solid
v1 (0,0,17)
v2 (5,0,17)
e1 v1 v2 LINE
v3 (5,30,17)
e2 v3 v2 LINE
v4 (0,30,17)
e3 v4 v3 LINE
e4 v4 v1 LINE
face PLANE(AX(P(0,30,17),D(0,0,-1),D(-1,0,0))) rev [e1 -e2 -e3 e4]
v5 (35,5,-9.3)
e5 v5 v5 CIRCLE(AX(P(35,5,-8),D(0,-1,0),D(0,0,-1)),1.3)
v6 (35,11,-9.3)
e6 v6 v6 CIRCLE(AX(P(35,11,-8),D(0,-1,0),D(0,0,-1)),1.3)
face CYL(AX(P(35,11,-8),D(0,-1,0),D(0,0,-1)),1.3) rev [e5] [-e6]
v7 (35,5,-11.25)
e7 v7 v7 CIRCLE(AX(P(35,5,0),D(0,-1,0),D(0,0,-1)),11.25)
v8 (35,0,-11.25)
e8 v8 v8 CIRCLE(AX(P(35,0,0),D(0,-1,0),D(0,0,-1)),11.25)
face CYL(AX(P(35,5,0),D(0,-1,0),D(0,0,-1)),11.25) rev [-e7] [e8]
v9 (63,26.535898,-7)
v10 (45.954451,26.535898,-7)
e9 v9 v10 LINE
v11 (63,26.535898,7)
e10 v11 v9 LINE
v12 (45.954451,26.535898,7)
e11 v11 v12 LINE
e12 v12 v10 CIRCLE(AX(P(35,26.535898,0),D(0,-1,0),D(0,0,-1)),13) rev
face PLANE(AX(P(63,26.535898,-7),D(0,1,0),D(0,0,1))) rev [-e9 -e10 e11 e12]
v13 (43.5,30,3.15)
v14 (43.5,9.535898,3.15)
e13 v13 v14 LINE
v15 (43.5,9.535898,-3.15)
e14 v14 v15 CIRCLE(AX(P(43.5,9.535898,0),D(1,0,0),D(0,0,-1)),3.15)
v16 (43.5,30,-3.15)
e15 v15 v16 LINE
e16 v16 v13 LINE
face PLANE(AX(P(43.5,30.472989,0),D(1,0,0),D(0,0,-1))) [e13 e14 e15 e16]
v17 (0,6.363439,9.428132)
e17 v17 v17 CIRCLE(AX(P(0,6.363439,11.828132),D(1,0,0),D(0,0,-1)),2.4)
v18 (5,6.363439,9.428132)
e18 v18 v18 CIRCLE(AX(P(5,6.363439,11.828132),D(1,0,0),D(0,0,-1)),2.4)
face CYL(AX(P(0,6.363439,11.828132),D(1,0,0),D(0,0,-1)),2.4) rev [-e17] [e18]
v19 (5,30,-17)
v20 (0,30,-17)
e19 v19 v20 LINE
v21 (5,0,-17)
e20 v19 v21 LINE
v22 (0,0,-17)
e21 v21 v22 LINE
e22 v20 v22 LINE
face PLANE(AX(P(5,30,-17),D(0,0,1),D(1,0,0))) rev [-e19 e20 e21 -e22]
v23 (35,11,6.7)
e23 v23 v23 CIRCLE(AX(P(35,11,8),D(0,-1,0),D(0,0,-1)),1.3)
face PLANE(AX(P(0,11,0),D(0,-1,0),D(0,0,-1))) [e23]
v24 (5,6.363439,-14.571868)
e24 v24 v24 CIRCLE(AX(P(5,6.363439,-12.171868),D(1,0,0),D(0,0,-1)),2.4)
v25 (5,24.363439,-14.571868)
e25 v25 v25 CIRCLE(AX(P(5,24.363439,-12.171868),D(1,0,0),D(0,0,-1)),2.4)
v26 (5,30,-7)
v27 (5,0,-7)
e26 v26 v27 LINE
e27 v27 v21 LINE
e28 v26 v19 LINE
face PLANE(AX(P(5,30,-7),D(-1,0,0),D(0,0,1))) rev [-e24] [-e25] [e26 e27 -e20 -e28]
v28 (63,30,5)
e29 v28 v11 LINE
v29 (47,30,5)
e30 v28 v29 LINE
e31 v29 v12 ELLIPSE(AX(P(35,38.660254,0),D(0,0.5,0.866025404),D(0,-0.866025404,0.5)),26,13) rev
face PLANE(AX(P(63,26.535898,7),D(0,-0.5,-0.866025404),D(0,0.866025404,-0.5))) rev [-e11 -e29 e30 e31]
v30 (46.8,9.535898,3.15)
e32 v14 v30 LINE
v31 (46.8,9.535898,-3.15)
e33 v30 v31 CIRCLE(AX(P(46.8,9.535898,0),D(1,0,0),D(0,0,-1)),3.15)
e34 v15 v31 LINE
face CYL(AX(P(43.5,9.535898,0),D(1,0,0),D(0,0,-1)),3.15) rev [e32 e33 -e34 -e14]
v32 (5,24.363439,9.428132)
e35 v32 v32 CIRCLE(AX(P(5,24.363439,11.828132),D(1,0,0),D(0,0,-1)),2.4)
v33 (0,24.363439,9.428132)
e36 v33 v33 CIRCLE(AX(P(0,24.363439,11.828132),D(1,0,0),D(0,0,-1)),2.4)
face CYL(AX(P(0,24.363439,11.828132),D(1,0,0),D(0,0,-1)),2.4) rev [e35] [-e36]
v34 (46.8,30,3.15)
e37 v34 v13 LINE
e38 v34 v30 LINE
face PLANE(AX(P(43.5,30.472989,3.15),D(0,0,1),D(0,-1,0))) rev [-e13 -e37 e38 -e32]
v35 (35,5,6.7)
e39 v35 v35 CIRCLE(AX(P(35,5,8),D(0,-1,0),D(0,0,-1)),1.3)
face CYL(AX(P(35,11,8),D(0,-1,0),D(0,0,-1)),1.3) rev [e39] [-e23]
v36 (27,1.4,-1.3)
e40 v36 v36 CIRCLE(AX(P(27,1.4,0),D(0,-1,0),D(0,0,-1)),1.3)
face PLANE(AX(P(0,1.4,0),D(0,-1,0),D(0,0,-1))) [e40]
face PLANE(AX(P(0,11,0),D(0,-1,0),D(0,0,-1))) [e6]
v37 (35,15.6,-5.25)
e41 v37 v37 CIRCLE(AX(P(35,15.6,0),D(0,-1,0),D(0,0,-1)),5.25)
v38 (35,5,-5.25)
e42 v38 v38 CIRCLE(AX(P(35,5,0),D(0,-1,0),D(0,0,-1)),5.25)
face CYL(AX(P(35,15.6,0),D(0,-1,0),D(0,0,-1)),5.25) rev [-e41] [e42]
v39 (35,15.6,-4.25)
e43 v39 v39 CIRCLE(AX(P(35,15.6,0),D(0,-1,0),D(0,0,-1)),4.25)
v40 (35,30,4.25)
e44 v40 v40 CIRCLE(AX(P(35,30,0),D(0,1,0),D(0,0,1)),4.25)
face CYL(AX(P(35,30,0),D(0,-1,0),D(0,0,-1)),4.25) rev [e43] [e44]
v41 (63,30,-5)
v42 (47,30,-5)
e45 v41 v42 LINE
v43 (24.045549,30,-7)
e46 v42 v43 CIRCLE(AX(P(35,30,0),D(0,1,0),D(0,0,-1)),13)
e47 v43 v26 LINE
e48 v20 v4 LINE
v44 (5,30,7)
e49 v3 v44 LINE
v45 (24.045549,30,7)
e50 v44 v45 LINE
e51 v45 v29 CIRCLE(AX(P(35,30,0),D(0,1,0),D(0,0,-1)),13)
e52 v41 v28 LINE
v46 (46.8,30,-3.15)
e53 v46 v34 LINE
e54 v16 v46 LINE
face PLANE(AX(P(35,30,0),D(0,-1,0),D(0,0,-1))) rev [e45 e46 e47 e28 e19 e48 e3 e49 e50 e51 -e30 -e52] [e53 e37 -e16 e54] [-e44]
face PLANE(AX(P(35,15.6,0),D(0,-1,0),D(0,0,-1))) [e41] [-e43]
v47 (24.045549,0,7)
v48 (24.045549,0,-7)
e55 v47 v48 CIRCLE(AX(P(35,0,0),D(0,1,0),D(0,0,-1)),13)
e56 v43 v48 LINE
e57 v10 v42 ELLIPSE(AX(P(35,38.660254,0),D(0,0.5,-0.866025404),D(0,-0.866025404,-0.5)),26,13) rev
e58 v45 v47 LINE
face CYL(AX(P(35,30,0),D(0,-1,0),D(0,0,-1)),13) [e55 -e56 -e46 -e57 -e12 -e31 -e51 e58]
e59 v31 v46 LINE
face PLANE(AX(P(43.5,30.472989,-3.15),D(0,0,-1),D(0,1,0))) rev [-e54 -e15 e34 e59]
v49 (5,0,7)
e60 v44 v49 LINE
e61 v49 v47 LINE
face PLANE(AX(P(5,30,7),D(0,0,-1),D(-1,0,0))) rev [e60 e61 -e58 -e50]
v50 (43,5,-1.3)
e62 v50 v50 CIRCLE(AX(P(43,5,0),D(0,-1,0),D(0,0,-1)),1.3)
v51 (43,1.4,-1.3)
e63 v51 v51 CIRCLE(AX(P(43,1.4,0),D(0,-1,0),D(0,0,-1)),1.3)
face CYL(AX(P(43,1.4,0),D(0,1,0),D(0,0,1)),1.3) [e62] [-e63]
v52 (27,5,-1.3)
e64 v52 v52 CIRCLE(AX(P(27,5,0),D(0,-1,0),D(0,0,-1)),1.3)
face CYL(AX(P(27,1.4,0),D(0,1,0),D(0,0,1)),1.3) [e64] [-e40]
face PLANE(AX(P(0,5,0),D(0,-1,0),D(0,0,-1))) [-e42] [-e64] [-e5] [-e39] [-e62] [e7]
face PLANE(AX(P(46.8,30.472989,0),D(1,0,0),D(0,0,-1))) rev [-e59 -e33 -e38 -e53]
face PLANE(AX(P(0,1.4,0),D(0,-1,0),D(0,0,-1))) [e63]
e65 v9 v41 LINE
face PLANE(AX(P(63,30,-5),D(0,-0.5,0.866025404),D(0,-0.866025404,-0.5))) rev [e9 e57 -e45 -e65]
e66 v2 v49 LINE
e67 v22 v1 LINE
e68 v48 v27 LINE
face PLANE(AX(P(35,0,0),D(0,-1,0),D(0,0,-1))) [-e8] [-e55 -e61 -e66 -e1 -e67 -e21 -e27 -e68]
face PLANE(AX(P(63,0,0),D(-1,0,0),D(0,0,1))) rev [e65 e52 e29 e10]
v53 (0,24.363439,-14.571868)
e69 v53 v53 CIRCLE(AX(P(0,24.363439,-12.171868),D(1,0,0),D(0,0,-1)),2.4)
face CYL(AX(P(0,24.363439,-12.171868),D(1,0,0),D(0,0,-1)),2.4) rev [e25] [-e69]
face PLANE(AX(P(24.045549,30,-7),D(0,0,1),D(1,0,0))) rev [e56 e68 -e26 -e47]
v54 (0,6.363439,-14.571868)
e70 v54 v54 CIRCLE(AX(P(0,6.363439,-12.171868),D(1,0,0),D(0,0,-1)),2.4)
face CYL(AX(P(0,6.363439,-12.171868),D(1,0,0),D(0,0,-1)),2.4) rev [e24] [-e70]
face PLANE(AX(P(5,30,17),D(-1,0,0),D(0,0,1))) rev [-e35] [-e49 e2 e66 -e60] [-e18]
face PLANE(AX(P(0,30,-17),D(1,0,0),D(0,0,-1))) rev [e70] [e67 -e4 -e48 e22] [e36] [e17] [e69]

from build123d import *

# Parameters (mm, degrees)
SKETCH2_R                            = 4.25
BOSS_EXTRUDE1_DEPTH                  = 30
SKETCH3_R                            = 11.25
SKETCH3_R_2                          = 5.25
SKETCH3_R_3                          = 4.25
CUT_EXTRUDE1_DEPTH                   = 5
CUT_EXTRUDE2_START                   = -5
SKETCH3_3_R                          = 5.25
SKETCH3_3_R_2                        = 4.25
CUT_EXTRUDE2_DEPTH                   = 10.6
SKETCH4_R                            = 2.4
CUT_EXTRUDE3_DEPTH                   = 56.118055118
SKETCH5_R                            = 1.3
CUT_EXTRUDE4_DEPTH                   = 6
SKETCH5_3_R                          = 1.3
BOSS_EXTRUDE2_DEPTH                  = 3.6
BOSS_EXTRUDE3_DEPTH                  = 15
BOSS_EXTRUDE3_DIRECTION_2_REACH      = 61.102
BOSS_EXTRUDE3_DIRECTION_2_END_RADIUS = 13
CUT_EXTRUDE5_START                   = -1.2
CUT_EXTRUDE5_DEPTH                   = 3.3


with BuildPart() as part:
    # Sketch2 → Boss-Extrude1 (new body)
    with BuildSketch(Plane(origin=(0, 0, 0), x_dir=(1, 0, 0), z_dir=(0, 1, 0))):
        with BuildLine():
            Line((0, 17), (0, -17))
            Line((0, -17), (5, -17))
            Line((5, -17), (5, -7))
            Line((5, -7), (24.04554885, -7))
            ThreePointArc((24.04554885, -7), (48, 0), (24.04554885, 7))
            Line((24.04554885, 7), (5, 7))
            Line((5, 7), (5, 17))
            Line((5, 17), (0, 17))
        make_face()
        with Locations(Location((35, 0, 0), (0, 0, 270))):
            Circle(SKETCH2_R, mode=Mode.SUBTRACT)
    extrude(amount=BOSS_EXTRUDE1_DEPTH)

    # Sketch3 → Cut-Extrude1 (cut)
    with BuildSketch(Plane.XZ):
        with Locations(Location((35, 0, 0), (0, 0, 270))):
            Circle(SKETCH3_R)
        with Locations((35, 0)):
            Circle(SKETCH3_R_2, mode=Mode.SUBTRACT)
        with Locations((35, 0)):
            Circle(SKETCH3_R_2)
        with Locations(Location((35, 0, 0), (0, 0, 270))):
            Circle(SKETCH3_R_3, mode=Mode.SUBTRACT)
    extrude(amount=-CUT_EXTRUDE1_DEPTH, mode=Mode.SUBTRACT)

    # Sketch3<3> → Cut-Extrude2 (cut)
    with BuildSketch(Plane.XZ.offset(CUT_EXTRUDE2_START)):
        with Locations(Location((35, 0, 0), (0, 0, 270))):
            Circle(SKETCH3_3_R)
        with Locations(Location((35, 0, 0), (0, 0, 270))):
            Circle(SKETCH3_3_R_2, mode=Mode.SUBTRACT)
    extrude(amount=-CUT_EXTRUDE2_DEPTH, mode=Mode.SUBTRACT)

    # Sketch4 → Cut-Extrude3 (cut, through all)
    with BuildSketch(Plane(origin=(5, 0, 0), x_dir=(0, 0, -1), z_dir=(1, 0, 0))):
        with Locations((12.17186788, 24.363439063)):
            Circle(SKETCH4_R)
        with Locations((12.17186788, 6.363439063)):
            Circle(SKETCH4_R)
        with Locations((-11.82813212, 6.363439063)):
            Circle(SKETCH4_R)
        with Locations((-11.82813212, 24.363439063)):
            Circle(SKETCH4_R)
    extrude(amount=-CUT_EXTRUDE3_DEPTH, mode=Mode.SUBTRACT)

    # Sketch5 → Cut-Extrude4 (cut)
    with BuildSketch(Plane.XZ.offset(-5)):
        with Locations(Location((35, 8, 0), (0, 0, 270))):
            Circle(SKETCH5_R)
        with Locations(Location((35, -8, 0), (0, 0, 270))):
            Circle(SKETCH5_R)
    extrude(amount=-CUT_EXTRUDE4_DEPTH, mode=Mode.SUBTRACT)

    # Sketch5<3> → Boss-Extrude2 (add)
    with BuildSketch(Plane.XZ.offset(-5)):
        with Locations(Location((27, 0, 0), (0, 0, 270))):
            Circle(SKETCH5_3_R)
        with Locations(Location((43, 0, 0), (0, 0, 270))):
            Circle(SKETCH5_3_R)
    extrude(amount=BOSS_EXTRUDE2_DEPTH)


with BuildPart() as boss_extrude3_tool:
    # Sketch7 → Boss-Extrude3 (new body)
    with BuildSketch(Plane(origin=(48, 0, 0), x_dir=(0, 0, -1), z_dir=(1, 0, 0))):
        Polygon((-5, 30), (5, 30), (7, 26.535898385), (-7, 26.535898385), align=None)
    extrude(amount=BOSS_EXTRUDE3_DEPTH)


with BuildPart() as part_1:
    add(part.part)


with BuildPart() as part_2:
    # Boss-Extrude3: joined with boss_extrude3_tool
    add(part_1.part.fuse(boss_extrude3_tool.part, tol=0.00001))

    # Boss-Extrude3 direction 2: up to this cylinder (the profile starts outside it)
    boss_extrude3_direction_2_end = Plane(origin=(35, 28.171724, 0), z_dir=(0, -1, 0)) * Cylinder(BOSS_EXTRUDE3_DIRECTION_2_END_RADIUS, 149.204, mode=Mode.PRIVATE)
    # Sketch7 → Boss-Extrude3 direction 2 (add, up to the surface)
    with BuildSketch(Plane(origin=(48, 0, 0), x_dir=(0, 0, -1), z_dir=(1, 0, 0)), mode=Mode.PRIVATE) as boss_extrude3_direction_2_sk1:
        Polygon((-5, 30), (5, 30), (7, 26.535898385), (-7, 26.535898385), align=None)
    boss_extrude3_direction_2_tool1 = extrude(boss_extrude3_direction_2_sk1.sketch, amount=-BOSS_EXTRUDE3_DIRECTION_2_REACH, mode=Mode.PRIVATE) - boss_extrude3_direction_2_end
    add(boss_extrude3_direction_2_tool1.solids().sort_by_distance((48, 28.171724, 0))[0])
    add(boss_extrude3_direction_2_tool1.solids().sort_by_distance((48, 28.171724, 0))[1])

    # Sketch9 → Cut-Extrude5 (cut)
    with BuildSketch(Plane(origin=(48, 0, 0), x_dir=(0, 0, -1), z_dir=(1, 0, 0)).offset(CUT_EXTRUDE5_START)):
        with BuildLine():
            Line((3.15, 30.472989279), (3.15, 9.535898385))
            ThreePointArc((3.15, 9.535898385), (0, 6.385898385), (-3.15, 9.535898385))
            Line((-3.15, 9.535898385), (-3.15, 30.472989279))
            ThreePointArc((-3.15, 30.472989279), (0, 33.622989279), (3.15, 30.472989279))
        make_face()
    extrude(amount=-CUT_EXTRUDE5_DEPTH, mode=Mode.SUBTRACT)


solid = part_2.part
